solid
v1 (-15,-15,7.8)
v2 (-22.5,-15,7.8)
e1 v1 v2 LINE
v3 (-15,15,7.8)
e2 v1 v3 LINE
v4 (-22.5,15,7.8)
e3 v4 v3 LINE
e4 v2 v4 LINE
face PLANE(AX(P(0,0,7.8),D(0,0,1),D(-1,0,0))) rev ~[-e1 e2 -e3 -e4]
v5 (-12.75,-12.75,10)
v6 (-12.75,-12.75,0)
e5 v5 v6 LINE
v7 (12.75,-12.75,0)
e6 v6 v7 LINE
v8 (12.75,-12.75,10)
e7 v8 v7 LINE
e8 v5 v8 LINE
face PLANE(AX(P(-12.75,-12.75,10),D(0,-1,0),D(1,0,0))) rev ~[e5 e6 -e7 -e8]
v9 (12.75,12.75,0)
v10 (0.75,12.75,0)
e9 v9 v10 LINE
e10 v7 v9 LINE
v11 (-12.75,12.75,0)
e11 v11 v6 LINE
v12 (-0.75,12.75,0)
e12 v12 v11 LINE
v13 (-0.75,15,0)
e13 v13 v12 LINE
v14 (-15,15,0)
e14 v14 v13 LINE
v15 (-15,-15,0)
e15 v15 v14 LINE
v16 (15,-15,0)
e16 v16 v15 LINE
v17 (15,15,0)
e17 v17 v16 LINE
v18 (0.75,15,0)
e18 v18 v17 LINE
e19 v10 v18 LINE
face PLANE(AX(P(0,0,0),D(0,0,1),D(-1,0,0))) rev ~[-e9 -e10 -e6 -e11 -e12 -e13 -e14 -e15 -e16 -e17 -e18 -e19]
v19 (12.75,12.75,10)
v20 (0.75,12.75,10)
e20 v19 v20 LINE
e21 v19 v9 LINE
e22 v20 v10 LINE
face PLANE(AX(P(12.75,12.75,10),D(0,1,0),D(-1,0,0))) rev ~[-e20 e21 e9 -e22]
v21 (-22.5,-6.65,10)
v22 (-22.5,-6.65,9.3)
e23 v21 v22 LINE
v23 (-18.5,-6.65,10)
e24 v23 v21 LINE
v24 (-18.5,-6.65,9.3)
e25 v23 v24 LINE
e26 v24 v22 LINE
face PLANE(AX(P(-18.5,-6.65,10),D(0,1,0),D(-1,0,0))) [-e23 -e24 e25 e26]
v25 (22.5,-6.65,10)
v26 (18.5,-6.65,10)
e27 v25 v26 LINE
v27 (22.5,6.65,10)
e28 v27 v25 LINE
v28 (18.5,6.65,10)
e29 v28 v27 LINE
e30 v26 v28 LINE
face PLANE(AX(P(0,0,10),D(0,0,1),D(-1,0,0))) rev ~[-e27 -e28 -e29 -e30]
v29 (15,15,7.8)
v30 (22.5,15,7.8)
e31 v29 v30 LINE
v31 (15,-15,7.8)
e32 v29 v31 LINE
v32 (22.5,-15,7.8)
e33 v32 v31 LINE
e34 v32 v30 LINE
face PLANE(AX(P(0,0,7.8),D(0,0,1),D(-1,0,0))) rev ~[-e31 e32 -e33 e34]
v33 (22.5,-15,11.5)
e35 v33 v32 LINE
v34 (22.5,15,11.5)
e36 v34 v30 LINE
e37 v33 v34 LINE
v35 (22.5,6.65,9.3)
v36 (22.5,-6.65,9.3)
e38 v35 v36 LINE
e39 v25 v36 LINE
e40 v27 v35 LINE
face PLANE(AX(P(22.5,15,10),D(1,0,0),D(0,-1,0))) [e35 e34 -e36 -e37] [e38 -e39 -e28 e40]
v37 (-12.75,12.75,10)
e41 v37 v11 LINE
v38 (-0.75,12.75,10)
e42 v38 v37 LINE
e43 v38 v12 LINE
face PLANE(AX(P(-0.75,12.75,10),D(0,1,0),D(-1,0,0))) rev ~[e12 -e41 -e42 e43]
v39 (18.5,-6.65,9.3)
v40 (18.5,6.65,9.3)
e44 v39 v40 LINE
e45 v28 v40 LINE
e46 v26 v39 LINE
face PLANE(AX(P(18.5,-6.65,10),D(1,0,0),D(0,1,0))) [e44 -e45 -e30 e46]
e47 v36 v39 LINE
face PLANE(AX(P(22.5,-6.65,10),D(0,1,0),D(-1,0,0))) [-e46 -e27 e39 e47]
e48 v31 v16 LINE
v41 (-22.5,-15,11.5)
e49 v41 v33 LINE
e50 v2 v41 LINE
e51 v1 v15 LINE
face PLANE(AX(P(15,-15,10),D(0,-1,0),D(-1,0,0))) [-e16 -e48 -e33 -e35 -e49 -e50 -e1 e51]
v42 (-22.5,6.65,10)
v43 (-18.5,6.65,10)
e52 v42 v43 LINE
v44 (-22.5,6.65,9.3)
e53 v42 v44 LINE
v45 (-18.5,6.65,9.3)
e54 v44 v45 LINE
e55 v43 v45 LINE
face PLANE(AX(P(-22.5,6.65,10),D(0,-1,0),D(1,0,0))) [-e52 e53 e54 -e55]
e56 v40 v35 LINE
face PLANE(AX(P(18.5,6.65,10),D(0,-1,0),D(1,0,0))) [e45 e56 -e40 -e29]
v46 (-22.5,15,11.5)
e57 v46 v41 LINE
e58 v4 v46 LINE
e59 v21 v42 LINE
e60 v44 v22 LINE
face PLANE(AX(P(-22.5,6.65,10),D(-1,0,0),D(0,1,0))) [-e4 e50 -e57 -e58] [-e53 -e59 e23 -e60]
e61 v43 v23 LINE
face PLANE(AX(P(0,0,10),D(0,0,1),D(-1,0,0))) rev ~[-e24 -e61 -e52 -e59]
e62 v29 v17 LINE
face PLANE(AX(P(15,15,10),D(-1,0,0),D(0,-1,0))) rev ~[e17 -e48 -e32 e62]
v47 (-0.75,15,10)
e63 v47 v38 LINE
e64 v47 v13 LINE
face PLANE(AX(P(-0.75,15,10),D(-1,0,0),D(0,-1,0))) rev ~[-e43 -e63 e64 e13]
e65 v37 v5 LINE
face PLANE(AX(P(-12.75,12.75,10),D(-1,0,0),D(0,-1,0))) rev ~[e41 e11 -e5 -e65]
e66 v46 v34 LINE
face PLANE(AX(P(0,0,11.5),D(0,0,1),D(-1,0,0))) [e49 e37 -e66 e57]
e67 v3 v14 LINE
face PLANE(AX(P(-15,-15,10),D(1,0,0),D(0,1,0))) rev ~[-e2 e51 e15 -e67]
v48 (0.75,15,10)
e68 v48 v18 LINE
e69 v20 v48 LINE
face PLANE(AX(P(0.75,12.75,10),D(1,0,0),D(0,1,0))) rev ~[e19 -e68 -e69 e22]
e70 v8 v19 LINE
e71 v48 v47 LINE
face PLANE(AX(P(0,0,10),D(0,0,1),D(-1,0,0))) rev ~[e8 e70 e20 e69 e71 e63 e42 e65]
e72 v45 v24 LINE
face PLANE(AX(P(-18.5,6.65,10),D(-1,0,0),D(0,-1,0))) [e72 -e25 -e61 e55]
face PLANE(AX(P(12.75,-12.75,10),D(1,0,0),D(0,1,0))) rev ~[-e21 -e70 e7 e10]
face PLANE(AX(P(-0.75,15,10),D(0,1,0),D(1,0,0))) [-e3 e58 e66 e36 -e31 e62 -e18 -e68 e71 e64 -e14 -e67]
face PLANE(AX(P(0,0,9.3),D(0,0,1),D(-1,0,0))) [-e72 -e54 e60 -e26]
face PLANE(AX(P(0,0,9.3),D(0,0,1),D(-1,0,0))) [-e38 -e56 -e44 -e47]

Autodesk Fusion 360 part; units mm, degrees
sketch "Sketch1" plane through (0, 0, 0) normal (0, 0, 1) x (1, 0, 0)
  line L0 (12.75, -12.75) -> (-12.75, -12.75)
  line L1 (-12.75, -12.75) -> (-12.75, 12.75)
  line L2 (-12.75, 12.75) -> (12.75, 12.75)
  line L3 (12.75, 12.75) -> (12.75, -12.75)
  line L4 (12.75, -12.75) -> (-12.75, 12.75) construction
  line L5 (-12.75, -12.75) -> (12.75, 12.75) construction
  line L6 (-0.75, 12.75) -> (0.75, 12.75)
  line L7 (0.75, 12.75) -> (0.75, 42.75)
  line L8 (0.75, 42.75) -> (-0.75, 42.75)
  line L9 (-0.75, 42.75) -> (-0.75, 12.75)
  dimension "d1" = 25.5
  dimension "d2" = 25.5
  dimension "d3" = 1.5
  dimension "d4" = 30
  dimension "d5" = 0.75
extrude "Extrude1" add sketch "Sketch1" along normal blind 10 makes body 1
sketch "Sketch2" plane through (0, 0, 10) normal (0, 0, 1) x (-1, 0, 0)
  line L0 (-0.75, -12.75) -> (-0.75, -42.75)
  line L1 (-0.75, -42.75) -> (0.75, -42.75)
  line L2 (0.75, -42.75) -> (0.75, -12.75)
  line L3 (0.75, -12.75) -> (12.75, -12.75)
  line L4 (12.75, -12.75) -> (12.75, 12.75)
  line L5 (12.75, 12.75) -> (-12.75, 12.75)
  line L6 (-12.75, 12.75) -> (-12.75, -12.75)
  line L7 (-12.75, -12.75) -> (-0.75, -12.75)
  line L8 (-15, 15) -> (15, 15)
  line L9 (15, 15) -> (15, -15)
  line L10 (15, -15) -> (-15, -15)
  line L11 (-15, -15) -> (-15, 15)
  line L12 (-15, 15) -> (15, -15) construction
  line L13 (15, 15) -> (-15, -15) construction
  line L14 (-22.5, 15) -> (22.5, 15)
  line L15 (22.5, 15) -> (22.5, -15)
  line L16 (22.5, -15) -> (-22.5, -15)
  line L17 (-22.5, -15) -> (-22.5, 15)
  line L18 (-22.5, 15) -> (22.5, -15) construction
  line L19 (22.5, 15) -> (-22.5, -15) construction
  line L20 (-26.5, 6.65) -> (-18.5, 6.65)
  line L21 (-18.5, 6.65) -> (-18.5, -6.65)
  line L22 (-18.5, -6.65) -> (-26.5, -6.65)
  line L23 (-26.5, -6.65) -> (-26.5, 6.65)
  line L24 (-26.5, 6.65) -> (-18.5, -6.65) construction
  line L25 (-18.5, 6.65) -> (-26.5, -6.65) construction
  line L26 (18.5, 6.65) -> (26.5, 6.65)
  line L27 (26.5, 6.65) -> (26.5, -6.65)
  line L28 (26.5, -6.65) -> (18.5, -6.65)
  line L29 (18.5, -6.65) -> (18.5, 6.65)
  line L30 (18.5, 6.65) -> (26.5, -6.65) construction
  line L31 (26.5, 6.65) -> (18.5, -6.65) construction
  point P0 (-22.5, 0)
  point P1 (22.5, 0)
  dimension "d8" = 30
  dimension "d9" = 30
  dimension "d10" = 45
  dimension "d11" = 30
  dimension "d12" = 8
  dimension "d13" = 13.3
  dimension "d14" = 8
  dimension "d15" = 13.3
extrude "Extrude2" add sketch "Sketch2" against normal blind 10 separate body contours L0 L2 L3 L4 L5 L6 L7 L8 L9 L10 L11 L14 L16 makes body 2
extrude "Extrude3" add sketch "Sketch2" along normal blind 1.5 contours L0 L2 L3 L4 L5 L6 L7 L10 L16 | L0 L2 L3 L4 L5 L6 L7 L8 L9 L10 L11 L14 L16 | L11 L14 L16 L17 L20 L21 L22 | L9 L14 L15 L16 L26 L28 L29 | L17 L20 L21 L22 | L15 L26 L28 L29 bodies 2
extrude "Extrude4" add sketch "Sketch2" against normal blind 0.7 contours L11 L14 L16 L17 L20 L21 L22 | L9 L14 L15 L16 L26 L28 L29 bodies 2
extrude "Extrude5" add sketch "Sketch2" against normal blind 1.5 from surface at -0.7 contours L11 L14 L16 L17 L20 L21 L22 | L9 L14 L15 L16 L26 L28 L29 | L17 L20 L21 L22 | L15 L26 L28 L29 bodies 2
hidden bodies 1
